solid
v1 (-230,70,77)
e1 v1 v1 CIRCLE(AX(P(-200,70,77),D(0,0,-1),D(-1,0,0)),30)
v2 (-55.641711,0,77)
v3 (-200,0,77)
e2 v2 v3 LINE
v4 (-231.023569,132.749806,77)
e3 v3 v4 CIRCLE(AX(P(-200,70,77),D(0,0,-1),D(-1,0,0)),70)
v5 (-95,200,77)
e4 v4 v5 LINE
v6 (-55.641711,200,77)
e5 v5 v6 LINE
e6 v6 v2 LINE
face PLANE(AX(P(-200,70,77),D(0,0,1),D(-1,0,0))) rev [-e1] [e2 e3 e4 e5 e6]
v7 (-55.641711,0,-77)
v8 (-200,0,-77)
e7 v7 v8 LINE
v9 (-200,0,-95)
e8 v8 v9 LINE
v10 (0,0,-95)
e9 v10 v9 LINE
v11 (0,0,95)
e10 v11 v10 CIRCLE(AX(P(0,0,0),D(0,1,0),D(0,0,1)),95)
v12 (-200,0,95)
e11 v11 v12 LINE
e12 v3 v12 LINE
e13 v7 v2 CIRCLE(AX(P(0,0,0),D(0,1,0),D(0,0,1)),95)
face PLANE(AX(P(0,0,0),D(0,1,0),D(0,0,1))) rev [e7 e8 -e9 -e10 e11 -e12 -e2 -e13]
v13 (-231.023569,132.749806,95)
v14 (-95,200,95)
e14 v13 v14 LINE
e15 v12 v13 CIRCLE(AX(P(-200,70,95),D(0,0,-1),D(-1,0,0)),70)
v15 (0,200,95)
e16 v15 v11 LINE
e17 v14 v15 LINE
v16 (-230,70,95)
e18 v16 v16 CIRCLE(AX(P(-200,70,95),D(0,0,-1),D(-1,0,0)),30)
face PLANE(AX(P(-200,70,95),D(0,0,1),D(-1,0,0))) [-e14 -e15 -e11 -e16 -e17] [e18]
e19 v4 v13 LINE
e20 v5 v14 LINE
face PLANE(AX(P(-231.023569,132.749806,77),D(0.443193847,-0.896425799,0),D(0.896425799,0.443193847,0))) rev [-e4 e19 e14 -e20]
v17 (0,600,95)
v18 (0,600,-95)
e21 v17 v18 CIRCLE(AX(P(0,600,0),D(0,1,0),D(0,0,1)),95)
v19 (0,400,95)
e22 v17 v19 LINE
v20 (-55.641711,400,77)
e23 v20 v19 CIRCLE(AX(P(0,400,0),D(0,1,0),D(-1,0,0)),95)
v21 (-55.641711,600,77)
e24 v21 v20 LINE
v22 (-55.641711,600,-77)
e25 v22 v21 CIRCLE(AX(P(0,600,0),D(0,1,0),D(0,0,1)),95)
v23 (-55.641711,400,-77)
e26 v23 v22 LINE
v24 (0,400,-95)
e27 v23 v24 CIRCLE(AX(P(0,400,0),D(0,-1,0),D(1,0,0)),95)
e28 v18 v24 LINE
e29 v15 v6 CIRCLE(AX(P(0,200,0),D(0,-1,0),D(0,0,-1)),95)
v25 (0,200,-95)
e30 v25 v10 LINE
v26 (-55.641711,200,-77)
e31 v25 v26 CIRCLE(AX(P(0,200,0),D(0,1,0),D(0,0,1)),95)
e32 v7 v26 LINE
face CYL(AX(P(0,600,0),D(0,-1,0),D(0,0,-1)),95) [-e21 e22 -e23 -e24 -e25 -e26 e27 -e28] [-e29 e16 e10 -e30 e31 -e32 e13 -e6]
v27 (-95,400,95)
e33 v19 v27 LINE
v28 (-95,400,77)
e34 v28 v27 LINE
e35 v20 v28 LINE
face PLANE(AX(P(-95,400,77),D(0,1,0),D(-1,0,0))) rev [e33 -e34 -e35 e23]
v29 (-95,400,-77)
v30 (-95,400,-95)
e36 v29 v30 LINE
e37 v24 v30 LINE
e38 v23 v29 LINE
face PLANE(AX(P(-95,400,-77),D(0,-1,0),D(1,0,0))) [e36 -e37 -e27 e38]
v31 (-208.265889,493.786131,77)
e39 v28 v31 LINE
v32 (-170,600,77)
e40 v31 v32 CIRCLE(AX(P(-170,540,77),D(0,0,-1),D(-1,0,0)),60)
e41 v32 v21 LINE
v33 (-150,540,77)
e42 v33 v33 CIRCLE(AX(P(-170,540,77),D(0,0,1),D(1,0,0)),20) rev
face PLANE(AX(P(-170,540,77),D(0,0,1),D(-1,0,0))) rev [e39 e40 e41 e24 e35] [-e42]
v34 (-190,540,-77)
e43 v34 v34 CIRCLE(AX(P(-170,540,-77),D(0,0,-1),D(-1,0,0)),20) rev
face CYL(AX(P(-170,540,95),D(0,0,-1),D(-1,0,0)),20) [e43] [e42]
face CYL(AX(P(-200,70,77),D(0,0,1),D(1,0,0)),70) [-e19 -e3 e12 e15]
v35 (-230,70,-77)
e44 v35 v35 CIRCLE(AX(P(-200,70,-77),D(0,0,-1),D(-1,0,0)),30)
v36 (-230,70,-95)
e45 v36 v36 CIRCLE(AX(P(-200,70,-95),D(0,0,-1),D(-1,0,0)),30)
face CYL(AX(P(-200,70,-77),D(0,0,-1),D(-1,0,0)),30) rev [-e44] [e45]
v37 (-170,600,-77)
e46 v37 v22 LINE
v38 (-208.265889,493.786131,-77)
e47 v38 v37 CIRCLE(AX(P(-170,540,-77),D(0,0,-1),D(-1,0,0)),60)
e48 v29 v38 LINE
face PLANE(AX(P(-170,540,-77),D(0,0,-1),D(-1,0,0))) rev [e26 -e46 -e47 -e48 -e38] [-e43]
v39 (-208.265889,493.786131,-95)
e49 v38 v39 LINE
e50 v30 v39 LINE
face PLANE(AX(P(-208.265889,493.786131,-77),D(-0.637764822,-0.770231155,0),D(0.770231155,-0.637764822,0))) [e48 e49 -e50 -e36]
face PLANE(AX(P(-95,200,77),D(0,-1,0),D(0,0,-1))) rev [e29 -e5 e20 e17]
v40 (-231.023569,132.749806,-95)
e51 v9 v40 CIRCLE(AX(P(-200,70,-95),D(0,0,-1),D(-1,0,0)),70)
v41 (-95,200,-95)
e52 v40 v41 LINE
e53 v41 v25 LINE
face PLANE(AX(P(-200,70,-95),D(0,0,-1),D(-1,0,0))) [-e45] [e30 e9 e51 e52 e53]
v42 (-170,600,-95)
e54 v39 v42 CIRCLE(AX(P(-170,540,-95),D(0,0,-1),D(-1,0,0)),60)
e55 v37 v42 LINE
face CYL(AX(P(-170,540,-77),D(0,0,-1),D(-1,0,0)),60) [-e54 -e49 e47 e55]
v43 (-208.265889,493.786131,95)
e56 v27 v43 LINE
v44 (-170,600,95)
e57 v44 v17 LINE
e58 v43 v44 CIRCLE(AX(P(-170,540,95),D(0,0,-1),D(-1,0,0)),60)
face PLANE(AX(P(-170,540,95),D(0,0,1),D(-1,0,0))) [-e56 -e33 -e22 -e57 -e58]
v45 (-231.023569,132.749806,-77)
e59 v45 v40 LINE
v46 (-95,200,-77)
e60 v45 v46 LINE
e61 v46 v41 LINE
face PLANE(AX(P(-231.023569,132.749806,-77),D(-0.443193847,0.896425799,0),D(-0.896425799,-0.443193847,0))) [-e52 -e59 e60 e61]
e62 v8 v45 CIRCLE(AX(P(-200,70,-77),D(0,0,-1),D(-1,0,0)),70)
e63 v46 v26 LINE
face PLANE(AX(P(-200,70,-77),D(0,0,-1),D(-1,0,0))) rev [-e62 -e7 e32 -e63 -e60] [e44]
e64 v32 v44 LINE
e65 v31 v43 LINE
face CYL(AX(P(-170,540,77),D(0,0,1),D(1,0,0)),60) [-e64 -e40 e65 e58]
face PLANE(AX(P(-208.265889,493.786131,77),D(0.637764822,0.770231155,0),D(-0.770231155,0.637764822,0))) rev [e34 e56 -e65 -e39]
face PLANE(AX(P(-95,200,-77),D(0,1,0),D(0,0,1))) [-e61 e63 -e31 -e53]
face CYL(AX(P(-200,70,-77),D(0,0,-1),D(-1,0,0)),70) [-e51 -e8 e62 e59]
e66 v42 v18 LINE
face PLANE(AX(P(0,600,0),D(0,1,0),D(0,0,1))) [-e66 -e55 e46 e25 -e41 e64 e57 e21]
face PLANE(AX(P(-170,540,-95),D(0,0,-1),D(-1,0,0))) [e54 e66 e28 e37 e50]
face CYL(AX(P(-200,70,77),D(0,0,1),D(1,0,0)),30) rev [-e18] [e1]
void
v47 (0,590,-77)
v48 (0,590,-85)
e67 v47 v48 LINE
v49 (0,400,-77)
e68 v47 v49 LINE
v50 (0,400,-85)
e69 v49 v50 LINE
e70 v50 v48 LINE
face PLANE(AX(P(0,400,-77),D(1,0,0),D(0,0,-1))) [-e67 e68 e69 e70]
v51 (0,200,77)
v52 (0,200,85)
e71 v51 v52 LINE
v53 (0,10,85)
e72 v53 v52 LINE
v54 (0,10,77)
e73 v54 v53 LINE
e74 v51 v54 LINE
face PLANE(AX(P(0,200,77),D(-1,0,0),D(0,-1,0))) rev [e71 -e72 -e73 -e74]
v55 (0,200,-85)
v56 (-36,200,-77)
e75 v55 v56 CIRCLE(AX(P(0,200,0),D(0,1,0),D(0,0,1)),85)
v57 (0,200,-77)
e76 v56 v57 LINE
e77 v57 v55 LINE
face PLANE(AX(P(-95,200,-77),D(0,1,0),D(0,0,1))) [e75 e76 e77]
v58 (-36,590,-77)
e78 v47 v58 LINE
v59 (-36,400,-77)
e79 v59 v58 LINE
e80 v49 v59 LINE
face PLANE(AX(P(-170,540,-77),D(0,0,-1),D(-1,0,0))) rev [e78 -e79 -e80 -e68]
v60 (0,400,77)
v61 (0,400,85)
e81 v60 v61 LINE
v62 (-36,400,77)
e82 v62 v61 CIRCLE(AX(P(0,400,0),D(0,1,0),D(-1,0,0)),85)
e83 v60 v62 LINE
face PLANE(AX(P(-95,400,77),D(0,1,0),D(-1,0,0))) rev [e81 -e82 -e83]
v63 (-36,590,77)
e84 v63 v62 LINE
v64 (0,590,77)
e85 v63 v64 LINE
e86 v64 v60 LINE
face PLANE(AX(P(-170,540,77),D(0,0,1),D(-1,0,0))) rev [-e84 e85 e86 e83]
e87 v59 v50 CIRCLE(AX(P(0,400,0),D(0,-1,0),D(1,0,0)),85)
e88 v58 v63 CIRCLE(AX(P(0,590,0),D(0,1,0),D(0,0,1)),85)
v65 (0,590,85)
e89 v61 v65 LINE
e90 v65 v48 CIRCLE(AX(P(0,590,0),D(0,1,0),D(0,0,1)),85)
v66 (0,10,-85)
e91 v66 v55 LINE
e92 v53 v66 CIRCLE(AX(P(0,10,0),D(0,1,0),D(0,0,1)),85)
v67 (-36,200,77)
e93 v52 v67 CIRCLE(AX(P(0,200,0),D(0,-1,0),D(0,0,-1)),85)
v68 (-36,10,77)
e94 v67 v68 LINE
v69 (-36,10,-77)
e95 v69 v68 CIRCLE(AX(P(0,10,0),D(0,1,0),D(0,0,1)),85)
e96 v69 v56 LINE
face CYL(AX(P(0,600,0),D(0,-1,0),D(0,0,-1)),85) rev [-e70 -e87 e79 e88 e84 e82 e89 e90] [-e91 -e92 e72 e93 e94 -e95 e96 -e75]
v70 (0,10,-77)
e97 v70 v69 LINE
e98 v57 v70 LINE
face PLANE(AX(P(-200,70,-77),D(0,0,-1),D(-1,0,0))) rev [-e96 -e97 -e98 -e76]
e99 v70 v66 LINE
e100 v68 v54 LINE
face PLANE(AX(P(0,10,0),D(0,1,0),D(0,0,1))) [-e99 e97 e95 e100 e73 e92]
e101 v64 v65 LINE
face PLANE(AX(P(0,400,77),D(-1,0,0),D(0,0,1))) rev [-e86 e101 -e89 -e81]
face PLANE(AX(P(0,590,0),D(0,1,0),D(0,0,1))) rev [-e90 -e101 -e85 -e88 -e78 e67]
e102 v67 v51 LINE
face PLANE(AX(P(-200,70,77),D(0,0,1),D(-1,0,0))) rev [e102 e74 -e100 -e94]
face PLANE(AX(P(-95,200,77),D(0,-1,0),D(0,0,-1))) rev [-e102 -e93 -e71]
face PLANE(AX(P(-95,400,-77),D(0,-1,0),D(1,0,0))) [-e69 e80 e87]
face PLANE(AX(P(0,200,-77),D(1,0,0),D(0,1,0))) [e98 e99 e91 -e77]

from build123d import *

# Parameters (mm, degrees)
SKETCH1_R           = 95
BOSS_EXTRUDE1_DEPTH = 600
SHELL1_T            = 10
SKETCH2_R           = 30
BOSS_EXTRUDE2_DEPTH = 18
SKETCH4_R           = 20
BOSS_EXTRUDE3_DEPTH = 95


with BuildPart() as part:
    # Sketch1 → Boss-Extrude1 (new body)
    with BuildSketch(Plane(origin=(0, 0, 0), x_dir=(1, 0, 0), z_dir=(0, 1, 0))):
        Circle(SKETCH1_R)
    extrude(amount=BOSS_EXTRUDE1_DEPTH)

    # Shell1 (no face opened: a closed hollow body)
    add(offset(amount=-SHELL1_T, mode=Mode.PRIVATE), mode=Mode.SUBTRACT)

    # Sketch2 → Boss-Extrude2 (add)
    with BuildSketch(Plane(origin=(0, 0, -95), x_dir=(-1, 0, 0), z_dir=(0, 0, -1))):
        with BuildLine():
            Line((0, 0), (95, 0))
            Line((95, 0), (200, 0))
            ThreePointArc((200, 0), (268.163356789, 54.070254514), (231.023569289, 132.749805964))
            Line((231.023569289, 132.749805964), (95, 200))
            Line((95, 200), (0, 200))
            Line((0, 200), (0, 0))
        make_face()
        with Locations((200, 70)):
            Circle(SKETCH2_R, mode=Mode.SUBTRACT)
        with BuildLine():
            Line((0, 600), (95, 600))
            Line((95, 600), (170, 600))
            ThreePointArc((170, 600), (226.448348767, 560.336762809), (208.265889327, 493.786130718))
            Line((208.265889327, 493.786130718), (95, 400))
            Line((95, 400), (0, 400))
            Line((0, 400), (0, 600))
        make_face()
    boss_extrude2 = extrude(amount=-BOSS_EXTRUDE2_DEPTH)

    # Mirror1: Boss-Extrude2 across plane
    add(boss_extrude2.mirror(Plane(origin=(0, 0, 0), x_dir=(1, 0, 0), z_dir=(0, 0, -1))))

    # Sketch4 → Boss-Extrude3 (add, symmetric)
    with BuildSketch(Plane.XY):
        with Locations((-170, 540)):
            Circle(SKETCH4_R)
    extrude(amount=BOSS_EXTRUDE3_DEPTH, both=True)


solid = part.part
